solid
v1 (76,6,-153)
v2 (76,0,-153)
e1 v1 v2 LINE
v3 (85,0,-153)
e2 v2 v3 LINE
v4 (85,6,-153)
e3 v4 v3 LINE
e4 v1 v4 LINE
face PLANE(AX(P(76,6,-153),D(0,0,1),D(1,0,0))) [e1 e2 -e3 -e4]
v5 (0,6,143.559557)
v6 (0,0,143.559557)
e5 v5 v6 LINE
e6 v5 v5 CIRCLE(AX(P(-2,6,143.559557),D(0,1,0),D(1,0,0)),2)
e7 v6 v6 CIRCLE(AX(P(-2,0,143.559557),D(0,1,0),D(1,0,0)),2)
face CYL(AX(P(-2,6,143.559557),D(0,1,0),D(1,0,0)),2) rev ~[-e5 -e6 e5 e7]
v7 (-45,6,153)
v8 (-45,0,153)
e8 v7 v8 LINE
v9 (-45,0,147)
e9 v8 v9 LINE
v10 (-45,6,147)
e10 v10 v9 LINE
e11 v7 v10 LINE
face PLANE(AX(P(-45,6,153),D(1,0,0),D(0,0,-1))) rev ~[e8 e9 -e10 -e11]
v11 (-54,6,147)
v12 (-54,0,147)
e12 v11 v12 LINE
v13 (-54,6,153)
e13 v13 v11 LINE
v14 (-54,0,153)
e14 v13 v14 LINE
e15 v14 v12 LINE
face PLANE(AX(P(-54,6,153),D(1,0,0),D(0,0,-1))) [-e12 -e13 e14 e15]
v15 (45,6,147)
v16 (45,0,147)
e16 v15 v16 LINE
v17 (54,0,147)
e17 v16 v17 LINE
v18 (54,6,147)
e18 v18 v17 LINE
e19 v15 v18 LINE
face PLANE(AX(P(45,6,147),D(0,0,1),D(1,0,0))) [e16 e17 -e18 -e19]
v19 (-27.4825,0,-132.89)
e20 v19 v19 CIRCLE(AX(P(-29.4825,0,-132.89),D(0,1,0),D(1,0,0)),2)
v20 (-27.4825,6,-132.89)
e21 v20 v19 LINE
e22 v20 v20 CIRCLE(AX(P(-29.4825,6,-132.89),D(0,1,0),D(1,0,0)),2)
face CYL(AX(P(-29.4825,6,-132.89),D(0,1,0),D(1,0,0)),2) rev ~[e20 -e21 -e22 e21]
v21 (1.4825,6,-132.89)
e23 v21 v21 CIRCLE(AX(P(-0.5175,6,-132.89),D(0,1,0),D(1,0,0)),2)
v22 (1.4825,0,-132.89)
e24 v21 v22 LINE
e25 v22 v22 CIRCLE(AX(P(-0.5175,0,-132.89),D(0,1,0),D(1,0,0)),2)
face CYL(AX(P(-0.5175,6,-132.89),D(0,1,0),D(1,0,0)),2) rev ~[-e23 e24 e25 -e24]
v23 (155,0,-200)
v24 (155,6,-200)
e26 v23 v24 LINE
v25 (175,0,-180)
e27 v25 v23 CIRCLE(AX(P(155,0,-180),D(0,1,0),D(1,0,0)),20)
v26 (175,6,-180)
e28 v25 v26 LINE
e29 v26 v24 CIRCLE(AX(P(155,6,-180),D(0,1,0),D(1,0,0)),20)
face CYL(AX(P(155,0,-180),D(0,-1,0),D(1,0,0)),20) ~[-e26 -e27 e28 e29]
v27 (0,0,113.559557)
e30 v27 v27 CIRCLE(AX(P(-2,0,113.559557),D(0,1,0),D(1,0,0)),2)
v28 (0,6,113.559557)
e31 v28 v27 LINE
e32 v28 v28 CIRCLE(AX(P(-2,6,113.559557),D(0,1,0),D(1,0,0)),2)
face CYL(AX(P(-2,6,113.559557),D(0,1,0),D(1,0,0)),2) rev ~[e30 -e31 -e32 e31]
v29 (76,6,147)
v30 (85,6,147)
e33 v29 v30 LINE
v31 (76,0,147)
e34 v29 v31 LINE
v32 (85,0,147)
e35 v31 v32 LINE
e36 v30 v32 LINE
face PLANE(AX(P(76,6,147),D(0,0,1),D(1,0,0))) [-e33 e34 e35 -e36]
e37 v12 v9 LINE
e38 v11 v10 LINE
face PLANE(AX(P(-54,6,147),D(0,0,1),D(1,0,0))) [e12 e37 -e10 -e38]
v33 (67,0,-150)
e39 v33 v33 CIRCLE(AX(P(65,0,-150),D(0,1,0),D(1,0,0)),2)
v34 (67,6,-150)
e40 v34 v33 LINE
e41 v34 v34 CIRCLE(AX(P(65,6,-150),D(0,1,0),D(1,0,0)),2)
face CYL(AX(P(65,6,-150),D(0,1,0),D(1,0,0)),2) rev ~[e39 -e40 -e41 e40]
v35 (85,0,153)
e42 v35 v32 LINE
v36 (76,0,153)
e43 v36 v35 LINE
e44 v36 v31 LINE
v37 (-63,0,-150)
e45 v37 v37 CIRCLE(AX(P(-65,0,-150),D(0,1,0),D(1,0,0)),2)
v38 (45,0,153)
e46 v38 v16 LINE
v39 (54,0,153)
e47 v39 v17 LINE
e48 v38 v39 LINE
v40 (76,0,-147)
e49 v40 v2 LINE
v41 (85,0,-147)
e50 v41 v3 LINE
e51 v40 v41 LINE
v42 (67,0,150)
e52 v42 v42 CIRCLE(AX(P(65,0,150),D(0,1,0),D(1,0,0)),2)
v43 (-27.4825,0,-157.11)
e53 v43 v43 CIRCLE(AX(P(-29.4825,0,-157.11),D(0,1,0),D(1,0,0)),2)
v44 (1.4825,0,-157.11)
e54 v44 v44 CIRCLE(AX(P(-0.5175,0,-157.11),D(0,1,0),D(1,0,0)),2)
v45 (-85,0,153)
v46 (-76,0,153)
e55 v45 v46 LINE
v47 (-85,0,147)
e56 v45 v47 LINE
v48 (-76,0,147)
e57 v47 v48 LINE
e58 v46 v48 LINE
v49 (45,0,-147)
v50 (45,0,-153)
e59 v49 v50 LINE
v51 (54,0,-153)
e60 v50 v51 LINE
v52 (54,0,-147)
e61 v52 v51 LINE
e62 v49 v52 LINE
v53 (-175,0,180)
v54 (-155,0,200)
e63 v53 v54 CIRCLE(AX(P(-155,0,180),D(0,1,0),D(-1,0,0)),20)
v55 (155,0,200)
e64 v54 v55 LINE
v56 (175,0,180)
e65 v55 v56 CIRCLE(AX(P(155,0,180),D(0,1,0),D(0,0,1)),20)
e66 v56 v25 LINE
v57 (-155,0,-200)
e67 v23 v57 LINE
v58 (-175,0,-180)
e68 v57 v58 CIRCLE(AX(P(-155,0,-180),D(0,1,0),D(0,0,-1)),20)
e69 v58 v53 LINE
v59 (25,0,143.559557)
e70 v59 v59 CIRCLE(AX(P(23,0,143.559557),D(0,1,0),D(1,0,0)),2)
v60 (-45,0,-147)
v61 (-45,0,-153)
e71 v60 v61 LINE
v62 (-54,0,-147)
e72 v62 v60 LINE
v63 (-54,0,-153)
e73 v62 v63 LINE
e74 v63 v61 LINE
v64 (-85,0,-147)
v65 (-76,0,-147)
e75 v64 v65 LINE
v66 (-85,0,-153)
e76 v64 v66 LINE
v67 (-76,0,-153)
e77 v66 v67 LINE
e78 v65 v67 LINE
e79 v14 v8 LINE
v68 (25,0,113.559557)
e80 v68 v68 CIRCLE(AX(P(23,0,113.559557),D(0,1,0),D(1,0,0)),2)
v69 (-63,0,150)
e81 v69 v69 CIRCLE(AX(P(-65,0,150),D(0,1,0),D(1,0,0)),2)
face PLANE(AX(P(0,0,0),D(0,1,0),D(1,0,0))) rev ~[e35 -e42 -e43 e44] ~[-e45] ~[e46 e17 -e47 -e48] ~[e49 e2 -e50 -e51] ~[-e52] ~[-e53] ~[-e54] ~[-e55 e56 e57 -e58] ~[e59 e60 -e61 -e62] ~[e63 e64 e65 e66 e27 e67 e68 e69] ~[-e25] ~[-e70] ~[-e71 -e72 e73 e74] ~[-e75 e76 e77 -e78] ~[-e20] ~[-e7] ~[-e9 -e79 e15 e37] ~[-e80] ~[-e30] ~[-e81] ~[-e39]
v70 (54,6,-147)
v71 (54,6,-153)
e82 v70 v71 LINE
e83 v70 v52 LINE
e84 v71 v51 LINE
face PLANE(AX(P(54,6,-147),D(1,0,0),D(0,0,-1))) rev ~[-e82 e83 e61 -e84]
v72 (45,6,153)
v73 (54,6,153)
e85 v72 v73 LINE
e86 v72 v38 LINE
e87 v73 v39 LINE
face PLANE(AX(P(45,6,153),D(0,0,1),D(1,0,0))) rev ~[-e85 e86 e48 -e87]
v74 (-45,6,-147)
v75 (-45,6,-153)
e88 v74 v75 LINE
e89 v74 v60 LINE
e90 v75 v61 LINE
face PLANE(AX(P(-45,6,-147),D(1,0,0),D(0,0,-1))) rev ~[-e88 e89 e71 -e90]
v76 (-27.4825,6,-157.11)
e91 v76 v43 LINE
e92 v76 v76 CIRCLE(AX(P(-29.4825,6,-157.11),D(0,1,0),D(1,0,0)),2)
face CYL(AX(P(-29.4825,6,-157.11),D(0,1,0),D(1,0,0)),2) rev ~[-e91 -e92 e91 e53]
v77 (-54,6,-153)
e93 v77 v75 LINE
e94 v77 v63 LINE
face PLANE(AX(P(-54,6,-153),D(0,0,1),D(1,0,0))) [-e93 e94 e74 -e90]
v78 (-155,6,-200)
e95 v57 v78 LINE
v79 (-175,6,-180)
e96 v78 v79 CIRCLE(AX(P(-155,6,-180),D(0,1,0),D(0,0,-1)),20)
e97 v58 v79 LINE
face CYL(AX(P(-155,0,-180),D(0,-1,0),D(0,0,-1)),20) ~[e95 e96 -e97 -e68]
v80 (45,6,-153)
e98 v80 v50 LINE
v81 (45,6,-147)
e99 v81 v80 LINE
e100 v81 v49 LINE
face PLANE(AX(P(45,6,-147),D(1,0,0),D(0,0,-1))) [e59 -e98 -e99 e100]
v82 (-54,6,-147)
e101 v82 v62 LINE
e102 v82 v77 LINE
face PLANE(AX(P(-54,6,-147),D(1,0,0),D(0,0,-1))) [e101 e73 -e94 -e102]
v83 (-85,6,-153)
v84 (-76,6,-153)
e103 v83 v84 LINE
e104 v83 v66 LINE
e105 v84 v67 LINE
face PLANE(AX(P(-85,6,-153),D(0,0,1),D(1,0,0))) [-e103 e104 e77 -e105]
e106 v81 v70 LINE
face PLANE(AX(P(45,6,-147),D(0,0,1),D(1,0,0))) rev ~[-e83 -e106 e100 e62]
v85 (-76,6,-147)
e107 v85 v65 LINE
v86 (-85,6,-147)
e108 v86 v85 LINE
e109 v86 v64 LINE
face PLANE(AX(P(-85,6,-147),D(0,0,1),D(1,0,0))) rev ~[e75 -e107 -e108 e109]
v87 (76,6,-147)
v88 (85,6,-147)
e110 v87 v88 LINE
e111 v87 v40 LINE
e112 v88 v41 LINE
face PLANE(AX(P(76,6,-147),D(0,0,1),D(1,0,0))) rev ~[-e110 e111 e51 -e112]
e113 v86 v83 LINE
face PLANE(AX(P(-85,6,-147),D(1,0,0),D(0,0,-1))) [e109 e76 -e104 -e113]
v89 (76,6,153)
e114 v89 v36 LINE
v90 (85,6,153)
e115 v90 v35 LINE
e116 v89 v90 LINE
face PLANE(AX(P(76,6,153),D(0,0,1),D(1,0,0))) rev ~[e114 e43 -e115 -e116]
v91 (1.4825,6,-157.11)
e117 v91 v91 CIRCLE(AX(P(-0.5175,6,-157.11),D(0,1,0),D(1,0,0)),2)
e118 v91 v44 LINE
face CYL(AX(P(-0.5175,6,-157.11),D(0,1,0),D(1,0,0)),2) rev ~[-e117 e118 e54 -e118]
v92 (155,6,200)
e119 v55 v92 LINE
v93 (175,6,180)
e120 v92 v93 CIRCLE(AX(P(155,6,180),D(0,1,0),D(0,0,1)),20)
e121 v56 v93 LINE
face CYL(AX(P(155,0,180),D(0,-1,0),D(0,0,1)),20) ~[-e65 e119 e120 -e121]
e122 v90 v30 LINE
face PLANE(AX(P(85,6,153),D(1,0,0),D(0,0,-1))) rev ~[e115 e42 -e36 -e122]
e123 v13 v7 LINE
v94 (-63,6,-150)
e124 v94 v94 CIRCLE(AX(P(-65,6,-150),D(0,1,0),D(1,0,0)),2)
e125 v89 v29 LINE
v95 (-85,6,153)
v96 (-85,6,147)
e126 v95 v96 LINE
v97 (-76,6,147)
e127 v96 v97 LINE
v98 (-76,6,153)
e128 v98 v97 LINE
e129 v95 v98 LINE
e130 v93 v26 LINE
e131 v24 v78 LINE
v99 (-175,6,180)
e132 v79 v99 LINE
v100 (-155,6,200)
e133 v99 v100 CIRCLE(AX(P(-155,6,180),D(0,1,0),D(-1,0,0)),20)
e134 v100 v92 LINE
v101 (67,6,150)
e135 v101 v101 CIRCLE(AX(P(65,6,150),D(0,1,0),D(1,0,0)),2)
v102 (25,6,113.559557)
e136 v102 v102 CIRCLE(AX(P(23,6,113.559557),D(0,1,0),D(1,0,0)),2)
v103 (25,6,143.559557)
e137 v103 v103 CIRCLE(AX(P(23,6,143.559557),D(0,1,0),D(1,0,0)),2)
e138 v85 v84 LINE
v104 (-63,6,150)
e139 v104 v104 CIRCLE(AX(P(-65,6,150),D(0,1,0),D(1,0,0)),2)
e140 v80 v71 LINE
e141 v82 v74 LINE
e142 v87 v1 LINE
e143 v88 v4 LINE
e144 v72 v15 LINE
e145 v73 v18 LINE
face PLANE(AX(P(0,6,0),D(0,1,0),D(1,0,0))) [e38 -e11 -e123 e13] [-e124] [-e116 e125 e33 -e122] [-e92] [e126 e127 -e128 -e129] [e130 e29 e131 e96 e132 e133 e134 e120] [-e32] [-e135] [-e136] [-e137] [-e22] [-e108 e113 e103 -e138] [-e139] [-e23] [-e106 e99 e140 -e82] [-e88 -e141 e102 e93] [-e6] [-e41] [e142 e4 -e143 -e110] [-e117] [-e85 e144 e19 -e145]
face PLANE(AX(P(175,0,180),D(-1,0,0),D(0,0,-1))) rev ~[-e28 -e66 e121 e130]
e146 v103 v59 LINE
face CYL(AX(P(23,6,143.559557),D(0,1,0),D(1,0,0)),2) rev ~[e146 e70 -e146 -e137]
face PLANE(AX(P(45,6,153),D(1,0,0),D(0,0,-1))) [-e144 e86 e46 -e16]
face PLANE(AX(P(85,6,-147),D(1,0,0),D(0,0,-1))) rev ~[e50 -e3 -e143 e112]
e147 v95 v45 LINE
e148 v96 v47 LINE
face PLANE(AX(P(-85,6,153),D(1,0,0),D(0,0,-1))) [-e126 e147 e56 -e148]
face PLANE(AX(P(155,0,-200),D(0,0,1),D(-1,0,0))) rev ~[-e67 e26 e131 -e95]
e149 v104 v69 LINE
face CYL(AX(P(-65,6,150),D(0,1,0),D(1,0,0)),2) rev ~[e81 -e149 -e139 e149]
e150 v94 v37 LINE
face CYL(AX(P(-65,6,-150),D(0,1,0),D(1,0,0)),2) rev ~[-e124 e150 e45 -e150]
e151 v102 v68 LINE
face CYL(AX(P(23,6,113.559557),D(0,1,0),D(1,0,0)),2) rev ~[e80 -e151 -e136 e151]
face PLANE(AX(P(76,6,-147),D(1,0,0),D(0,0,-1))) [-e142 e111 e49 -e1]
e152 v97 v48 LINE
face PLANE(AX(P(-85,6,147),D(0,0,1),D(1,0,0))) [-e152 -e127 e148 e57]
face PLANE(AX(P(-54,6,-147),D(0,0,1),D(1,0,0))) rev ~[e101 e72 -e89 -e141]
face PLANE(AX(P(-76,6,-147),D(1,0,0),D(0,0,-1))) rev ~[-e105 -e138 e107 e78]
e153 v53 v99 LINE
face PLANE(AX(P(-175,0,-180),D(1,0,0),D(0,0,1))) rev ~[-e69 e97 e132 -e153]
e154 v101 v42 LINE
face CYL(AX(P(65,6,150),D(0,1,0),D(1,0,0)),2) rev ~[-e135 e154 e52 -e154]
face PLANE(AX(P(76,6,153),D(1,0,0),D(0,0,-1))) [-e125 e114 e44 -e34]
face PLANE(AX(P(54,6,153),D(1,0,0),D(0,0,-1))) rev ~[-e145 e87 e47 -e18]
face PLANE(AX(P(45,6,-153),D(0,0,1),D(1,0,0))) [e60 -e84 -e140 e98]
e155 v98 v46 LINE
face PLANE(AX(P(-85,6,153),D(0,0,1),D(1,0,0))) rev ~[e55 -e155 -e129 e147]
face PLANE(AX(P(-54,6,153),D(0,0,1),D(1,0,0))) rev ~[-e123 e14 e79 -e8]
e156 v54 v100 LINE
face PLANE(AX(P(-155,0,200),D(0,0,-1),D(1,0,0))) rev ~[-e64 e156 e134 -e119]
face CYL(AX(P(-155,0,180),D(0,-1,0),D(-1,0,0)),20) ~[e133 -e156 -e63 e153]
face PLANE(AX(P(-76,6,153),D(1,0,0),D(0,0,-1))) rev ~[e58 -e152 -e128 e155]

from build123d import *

# Parameters (mm, degrees)
BOSS_EXTRUDE1_DEPTH = 6
SKETCH2_R           = 2
CUT_EXTRUDE1_DEPTH  = 10
SKETCH3_R           = 2
SKETCH3_W           = 9
SKETCH3_H           = 6
CUT_EXTRUDE5_DEPTH  = 6
SKETCH4_R           = 2
CUT_EXTRUDE6_DEPTH  = 24


with BuildPart() as part:
    # Sketch1 → Boss-Extrude1 (new body)
    with BuildSketch(Plane(origin=(0, 0, 0), x_dir=(1, 0, 0), z_dir=(0, 1, 0))):
        with BuildLine():
            Line((-155, -200), (155, -200))
            ThreePointArc((155, -200), (169.142135624, -194.142135624), (175, -180))
            Line((175, -180), (175, 180))
            ThreePointArc((175, 180), (169.142135624, 194.142135624), (155, 200))
            Line((155, 200), (-155, 200))
            ThreePointArc((-155, 200), (-169.142135624, 194.142135624), (-175, 180))
            Line((-175, 180), (-175, -180))
            ThreePointArc((-175, -180), (-169.142135624, -194.142135624), (-155, -200))
        make_face()
    extrude(amount=BOSS_EXTRUDE1_DEPTH)

    # Sketch2 → Cut-Extrude1 (cut)
    with BuildSketch(Plane(origin=(0, 6, 0), x_dir=(1, 0, 0), z_dir=(0, 1, 0))):
        with Locations((-2, -113.559557499)):
            Circle(SKETCH2_R)
        with Locations((23, -113.559557499)):
            Circle(SKETCH2_R)
        with Locations((23, -143.559557499)):
            Circle(SKETCH2_R)
        with Locations((-2, -143.559557499)):
            Circle(SKETCH2_R)
    extrude(amount=-CUT_EXTRUDE1_DEPTH, mode=Mode.SUBTRACT)

    # Sketch3 → Cut-Extrude5 (cut)
    with BuildSketch(Plane(origin=(0, 6, 0), x_dir=(1, 0, 0), z_dir=(0, 1, 0))):
        with Locations((-65, 150)):
            Circle(SKETCH3_R)
        with Locations((65, 150)):
            Circle(SKETCH3_R)
        with Locations((65, -150)):
            Circle(SKETCH3_R)
        with Locations((-65, -150)):
            Circle(SKETCH3_R)
        with Locations((-49.5, 150)):
            Rectangle(SKETCH3_W, SKETCH3_H)
        with Locations((-80.5, 150)):
            Rectangle(SKETCH3_W, SKETCH3_H)
        with Locations((49.5, 150)):
            Rectangle(SKETCH3_W, SKETCH3_H)
        with Locations((80.5, 150)):
            Rectangle(SKETCH3_W, SKETCH3_H)
        with Locations((80.5, -150)):
            Rectangle(SKETCH3_W, SKETCH3_H)
        with Locations((49.5, -150)):
            Rectangle(SKETCH3_W, SKETCH3_H)
        with Locations((-49.5, -150)):
            Rectangle(SKETCH3_W, SKETCH3_H)
        with Locations((-80.5, -150)):
            Rectangle(SKETCH3_W, SKETCH3_H)
    extrude(amount=-CUT_EXTRUDE5_DEPTH, mode=Mode.SUBTRACT)

    # Sketch4 → Cut-Extrude6 (cut)
    with BuildSketch(Plane(origin=(0, 6, 0), x_dir=(1, 0, 0), z_dir=(0, 1, 0))):
        with Locations((-29.4825, 157.11)):
            Circle(SKETCH4_R)
        with Locations((-0.5175, 157.11)):
            Circle(SKETCH4_R)
        with Locations((-0.5175, 132.89)):
            Circle(SKETCH4_R)
        with Locations((-29.4825, 132.89)):
            Circle(SKETCH4_R)
    extrude(amount=-CUT_EXTRUDE6_DEPTH, mode=Mode.SUBTRACT)


solid = part.part
